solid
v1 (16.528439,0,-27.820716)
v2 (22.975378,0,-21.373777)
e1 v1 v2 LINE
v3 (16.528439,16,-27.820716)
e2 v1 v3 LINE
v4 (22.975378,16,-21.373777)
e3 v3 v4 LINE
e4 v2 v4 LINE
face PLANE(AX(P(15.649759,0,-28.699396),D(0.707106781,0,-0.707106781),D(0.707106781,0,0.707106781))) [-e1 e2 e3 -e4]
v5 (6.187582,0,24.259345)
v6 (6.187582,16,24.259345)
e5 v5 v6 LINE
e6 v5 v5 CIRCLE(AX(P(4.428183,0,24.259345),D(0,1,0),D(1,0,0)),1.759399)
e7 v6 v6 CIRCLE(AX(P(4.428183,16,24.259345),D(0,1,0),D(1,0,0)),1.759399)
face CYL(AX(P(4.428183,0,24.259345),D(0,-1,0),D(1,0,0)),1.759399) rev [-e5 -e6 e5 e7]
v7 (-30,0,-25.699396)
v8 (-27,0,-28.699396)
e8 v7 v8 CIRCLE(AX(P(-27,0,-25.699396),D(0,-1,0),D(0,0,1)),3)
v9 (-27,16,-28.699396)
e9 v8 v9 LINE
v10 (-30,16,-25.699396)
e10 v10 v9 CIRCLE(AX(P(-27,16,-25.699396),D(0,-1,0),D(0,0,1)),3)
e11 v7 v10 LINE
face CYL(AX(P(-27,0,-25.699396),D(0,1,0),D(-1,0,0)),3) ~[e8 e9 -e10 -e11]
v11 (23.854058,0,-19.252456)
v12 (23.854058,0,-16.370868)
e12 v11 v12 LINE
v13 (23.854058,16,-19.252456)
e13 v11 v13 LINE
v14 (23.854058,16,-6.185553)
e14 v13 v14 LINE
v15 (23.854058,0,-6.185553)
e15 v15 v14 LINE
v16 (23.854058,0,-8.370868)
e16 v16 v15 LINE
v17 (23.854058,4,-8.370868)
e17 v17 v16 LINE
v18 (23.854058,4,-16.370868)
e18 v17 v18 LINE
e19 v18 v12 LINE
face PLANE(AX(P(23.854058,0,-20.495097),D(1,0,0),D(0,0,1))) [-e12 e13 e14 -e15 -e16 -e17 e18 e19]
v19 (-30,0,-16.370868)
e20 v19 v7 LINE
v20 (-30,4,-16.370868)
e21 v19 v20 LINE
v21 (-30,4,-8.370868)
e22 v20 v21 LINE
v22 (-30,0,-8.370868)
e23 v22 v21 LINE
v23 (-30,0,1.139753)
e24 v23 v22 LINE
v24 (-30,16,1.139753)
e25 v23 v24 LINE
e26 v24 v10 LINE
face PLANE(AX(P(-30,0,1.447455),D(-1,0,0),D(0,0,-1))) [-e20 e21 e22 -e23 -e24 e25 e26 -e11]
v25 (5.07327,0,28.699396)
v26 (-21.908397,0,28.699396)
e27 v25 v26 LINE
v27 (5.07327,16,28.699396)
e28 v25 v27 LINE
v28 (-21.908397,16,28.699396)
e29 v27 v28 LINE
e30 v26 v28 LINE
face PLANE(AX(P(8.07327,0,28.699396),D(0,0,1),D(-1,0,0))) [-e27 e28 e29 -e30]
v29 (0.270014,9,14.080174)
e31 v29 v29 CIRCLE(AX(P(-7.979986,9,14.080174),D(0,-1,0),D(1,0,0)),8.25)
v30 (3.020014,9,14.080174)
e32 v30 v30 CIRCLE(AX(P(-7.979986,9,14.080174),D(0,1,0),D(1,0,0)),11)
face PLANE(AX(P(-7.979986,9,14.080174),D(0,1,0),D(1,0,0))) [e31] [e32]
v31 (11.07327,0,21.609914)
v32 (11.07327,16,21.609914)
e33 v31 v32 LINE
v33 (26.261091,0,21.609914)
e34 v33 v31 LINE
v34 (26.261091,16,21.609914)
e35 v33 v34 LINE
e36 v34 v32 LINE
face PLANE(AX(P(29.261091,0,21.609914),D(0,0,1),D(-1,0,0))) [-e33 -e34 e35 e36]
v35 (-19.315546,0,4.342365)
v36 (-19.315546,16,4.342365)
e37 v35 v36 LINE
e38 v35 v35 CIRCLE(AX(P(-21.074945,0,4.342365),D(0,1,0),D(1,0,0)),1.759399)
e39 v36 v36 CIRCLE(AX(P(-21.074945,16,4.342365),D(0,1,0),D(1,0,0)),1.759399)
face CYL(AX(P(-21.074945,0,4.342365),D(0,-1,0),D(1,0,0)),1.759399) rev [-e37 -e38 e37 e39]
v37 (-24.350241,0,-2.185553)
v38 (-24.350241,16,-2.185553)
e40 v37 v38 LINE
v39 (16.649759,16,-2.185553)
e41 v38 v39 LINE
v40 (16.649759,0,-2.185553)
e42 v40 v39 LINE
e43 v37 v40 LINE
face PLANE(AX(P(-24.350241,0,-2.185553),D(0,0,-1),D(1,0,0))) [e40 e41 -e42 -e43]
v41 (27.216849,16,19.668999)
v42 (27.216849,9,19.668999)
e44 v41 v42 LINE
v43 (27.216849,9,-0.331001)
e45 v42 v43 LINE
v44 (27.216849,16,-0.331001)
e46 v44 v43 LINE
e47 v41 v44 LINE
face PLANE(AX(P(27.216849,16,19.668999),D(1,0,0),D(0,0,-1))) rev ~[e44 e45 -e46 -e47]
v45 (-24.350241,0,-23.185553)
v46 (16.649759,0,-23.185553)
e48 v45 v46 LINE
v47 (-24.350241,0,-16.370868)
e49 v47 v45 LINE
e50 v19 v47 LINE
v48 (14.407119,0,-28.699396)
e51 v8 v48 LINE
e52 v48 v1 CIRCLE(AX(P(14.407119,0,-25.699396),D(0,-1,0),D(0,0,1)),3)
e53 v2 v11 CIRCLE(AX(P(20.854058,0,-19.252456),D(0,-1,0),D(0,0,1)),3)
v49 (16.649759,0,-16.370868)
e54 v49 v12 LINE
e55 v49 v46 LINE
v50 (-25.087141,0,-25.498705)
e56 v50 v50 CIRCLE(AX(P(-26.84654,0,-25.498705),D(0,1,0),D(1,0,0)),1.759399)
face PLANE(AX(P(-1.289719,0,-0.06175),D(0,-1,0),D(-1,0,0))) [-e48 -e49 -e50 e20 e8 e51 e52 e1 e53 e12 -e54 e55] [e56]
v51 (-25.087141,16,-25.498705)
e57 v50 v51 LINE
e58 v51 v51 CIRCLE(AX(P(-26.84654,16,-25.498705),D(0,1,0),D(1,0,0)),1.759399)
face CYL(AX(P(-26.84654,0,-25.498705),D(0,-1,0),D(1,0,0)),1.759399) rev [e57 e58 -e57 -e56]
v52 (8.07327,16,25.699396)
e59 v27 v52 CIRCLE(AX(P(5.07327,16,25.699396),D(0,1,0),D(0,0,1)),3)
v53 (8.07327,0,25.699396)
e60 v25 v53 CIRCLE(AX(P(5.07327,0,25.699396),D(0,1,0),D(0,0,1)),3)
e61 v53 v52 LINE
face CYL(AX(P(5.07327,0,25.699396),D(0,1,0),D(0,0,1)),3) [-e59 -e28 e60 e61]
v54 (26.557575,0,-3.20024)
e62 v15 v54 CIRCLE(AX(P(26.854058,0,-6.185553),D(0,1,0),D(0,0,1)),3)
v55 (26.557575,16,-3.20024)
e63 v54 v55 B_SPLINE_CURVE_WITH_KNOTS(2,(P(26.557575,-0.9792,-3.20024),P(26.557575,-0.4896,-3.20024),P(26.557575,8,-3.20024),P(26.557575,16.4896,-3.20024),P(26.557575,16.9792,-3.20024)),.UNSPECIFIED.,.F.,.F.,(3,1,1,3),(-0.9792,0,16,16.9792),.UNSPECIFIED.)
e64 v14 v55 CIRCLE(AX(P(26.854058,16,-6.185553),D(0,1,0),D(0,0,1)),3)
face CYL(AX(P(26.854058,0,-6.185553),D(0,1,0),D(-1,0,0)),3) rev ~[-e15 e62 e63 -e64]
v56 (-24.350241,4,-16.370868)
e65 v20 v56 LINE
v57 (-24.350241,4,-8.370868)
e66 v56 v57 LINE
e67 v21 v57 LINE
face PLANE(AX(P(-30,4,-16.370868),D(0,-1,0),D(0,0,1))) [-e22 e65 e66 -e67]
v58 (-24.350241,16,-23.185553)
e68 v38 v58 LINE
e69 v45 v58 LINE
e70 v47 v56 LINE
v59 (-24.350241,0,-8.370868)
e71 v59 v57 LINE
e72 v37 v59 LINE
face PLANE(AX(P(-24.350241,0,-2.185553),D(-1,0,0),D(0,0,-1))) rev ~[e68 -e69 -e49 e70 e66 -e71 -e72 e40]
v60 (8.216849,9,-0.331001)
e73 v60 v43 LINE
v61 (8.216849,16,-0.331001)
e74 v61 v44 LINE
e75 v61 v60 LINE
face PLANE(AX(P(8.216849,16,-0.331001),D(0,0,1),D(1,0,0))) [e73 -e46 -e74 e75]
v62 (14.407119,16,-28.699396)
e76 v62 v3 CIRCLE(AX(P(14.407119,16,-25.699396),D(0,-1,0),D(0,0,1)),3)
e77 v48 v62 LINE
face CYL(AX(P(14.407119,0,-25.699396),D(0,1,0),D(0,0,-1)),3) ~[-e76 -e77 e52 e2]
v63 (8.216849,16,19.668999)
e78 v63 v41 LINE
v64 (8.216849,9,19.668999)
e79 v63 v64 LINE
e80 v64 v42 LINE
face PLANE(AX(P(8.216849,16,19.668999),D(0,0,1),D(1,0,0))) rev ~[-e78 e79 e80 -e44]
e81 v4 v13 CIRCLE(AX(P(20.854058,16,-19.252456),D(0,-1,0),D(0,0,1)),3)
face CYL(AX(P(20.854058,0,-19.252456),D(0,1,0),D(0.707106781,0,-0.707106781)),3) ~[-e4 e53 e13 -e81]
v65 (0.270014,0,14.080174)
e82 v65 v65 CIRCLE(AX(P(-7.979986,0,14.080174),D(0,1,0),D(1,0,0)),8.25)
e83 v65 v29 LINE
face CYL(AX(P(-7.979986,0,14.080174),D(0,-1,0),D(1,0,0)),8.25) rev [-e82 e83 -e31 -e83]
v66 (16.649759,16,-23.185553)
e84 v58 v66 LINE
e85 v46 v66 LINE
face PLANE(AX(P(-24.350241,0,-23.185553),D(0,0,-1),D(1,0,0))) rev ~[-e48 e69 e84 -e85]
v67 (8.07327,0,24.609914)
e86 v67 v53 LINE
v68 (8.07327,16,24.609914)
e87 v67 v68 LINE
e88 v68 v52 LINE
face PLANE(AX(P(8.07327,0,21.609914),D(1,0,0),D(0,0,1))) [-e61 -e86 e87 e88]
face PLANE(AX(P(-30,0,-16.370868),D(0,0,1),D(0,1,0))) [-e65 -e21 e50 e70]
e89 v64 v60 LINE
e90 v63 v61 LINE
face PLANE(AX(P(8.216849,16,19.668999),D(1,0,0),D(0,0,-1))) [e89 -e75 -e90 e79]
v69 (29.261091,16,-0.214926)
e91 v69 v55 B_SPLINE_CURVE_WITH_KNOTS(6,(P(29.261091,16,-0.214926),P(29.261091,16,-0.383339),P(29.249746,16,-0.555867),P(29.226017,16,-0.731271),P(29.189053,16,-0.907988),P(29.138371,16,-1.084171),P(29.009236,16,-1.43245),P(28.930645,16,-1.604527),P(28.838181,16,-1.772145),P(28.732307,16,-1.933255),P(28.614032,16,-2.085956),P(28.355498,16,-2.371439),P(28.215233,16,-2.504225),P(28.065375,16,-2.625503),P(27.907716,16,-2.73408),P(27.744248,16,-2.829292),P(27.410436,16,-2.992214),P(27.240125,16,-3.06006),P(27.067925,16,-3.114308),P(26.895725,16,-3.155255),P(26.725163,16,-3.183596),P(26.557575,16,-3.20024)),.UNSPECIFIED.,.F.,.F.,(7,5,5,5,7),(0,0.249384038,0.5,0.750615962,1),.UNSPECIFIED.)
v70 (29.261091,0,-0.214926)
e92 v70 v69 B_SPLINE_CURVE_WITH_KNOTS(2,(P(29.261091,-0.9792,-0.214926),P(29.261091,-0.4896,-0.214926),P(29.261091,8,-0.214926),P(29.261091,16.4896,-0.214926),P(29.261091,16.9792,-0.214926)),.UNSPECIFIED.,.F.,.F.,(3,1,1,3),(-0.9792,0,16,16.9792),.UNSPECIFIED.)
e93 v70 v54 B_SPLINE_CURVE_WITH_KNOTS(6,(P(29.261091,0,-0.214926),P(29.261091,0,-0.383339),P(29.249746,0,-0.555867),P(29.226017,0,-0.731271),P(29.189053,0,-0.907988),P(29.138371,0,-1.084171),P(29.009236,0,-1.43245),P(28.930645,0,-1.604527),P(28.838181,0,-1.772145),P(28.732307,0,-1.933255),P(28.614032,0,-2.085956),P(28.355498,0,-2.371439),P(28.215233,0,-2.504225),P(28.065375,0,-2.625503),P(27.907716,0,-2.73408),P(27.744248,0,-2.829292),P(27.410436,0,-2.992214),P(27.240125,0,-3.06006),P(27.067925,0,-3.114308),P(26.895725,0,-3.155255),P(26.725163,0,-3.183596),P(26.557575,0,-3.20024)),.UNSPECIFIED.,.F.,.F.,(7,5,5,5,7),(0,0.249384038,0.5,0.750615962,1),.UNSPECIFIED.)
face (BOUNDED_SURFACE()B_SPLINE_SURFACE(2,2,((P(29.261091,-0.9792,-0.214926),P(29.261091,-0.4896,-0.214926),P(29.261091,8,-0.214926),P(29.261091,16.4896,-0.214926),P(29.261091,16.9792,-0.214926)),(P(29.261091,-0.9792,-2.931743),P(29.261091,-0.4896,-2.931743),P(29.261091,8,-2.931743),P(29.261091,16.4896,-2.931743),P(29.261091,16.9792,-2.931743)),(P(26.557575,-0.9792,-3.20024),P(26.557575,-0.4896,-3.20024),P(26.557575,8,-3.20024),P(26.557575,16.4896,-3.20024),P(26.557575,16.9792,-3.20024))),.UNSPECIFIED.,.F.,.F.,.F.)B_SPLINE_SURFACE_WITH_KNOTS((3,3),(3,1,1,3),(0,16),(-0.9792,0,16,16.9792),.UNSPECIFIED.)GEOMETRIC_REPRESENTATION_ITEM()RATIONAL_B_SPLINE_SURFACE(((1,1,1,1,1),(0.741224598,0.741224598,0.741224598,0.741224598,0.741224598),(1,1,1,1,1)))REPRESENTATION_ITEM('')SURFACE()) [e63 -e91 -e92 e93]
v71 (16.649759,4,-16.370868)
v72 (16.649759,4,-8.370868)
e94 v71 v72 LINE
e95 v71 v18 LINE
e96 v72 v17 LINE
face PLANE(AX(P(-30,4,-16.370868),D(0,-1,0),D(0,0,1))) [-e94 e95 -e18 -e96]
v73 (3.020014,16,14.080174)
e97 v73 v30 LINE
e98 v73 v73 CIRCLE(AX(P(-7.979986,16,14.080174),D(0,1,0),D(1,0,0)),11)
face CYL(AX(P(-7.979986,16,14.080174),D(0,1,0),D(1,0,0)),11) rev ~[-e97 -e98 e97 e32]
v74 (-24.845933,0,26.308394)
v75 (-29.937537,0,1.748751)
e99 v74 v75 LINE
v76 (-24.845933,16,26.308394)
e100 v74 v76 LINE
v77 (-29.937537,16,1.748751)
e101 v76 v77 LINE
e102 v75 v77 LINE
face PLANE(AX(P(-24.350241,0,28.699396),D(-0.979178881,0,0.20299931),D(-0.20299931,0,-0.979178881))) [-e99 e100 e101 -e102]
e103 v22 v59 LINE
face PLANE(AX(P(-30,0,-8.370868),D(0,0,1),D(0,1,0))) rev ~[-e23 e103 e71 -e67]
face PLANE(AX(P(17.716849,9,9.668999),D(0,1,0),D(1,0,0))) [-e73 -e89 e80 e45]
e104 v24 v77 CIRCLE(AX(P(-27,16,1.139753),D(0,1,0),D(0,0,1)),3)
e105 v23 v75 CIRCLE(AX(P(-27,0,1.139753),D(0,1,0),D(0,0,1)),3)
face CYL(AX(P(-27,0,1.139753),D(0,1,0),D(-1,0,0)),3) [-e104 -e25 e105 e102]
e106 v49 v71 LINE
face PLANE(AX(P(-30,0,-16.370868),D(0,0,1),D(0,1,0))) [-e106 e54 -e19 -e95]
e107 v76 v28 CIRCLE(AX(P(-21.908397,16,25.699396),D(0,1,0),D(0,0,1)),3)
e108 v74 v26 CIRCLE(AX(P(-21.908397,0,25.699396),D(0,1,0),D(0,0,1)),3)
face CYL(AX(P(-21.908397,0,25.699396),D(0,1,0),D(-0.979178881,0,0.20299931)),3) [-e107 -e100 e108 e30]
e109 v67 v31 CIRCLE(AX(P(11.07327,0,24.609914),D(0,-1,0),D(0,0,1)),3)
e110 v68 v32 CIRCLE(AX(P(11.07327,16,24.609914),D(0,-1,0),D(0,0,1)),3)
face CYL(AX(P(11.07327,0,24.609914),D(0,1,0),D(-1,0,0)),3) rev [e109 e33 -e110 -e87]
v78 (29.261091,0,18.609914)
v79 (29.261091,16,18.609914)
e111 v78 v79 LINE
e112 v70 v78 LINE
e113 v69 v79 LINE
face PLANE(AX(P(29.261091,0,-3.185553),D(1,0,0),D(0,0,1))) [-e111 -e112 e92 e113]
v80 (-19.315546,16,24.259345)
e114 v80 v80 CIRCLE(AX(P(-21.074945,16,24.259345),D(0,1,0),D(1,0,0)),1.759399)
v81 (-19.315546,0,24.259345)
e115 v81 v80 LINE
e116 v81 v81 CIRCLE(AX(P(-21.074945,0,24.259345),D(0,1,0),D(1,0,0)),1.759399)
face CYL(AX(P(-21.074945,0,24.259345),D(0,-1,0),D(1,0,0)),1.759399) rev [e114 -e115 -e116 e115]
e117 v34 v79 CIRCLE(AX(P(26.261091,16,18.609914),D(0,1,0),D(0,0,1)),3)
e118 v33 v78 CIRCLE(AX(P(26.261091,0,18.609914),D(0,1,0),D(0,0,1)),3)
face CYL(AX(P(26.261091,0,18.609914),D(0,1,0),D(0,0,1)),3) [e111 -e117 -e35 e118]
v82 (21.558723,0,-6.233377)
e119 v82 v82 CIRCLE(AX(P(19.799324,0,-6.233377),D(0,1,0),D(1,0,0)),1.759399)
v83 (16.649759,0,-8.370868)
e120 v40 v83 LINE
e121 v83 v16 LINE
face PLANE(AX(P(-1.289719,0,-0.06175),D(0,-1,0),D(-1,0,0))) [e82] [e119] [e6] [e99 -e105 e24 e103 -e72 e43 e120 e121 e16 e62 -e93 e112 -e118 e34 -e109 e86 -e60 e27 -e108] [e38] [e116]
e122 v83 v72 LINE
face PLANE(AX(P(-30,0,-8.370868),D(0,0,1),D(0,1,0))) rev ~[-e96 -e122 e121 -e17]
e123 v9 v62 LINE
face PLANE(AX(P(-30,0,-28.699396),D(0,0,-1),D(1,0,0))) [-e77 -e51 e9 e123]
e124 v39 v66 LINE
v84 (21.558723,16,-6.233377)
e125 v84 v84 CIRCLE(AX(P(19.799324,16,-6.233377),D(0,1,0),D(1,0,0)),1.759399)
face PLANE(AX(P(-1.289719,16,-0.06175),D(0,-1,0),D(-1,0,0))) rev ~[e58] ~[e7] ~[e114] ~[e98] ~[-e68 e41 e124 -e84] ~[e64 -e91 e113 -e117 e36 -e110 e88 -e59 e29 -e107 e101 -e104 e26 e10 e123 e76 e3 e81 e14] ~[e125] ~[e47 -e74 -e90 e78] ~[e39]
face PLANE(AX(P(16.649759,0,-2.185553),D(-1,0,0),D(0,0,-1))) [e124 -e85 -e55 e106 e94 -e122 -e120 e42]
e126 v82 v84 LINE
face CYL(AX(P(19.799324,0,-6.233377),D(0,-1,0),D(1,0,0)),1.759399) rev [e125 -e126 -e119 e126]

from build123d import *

# Parameters (mm, degrees)
ESBO_O1_R                = 8.25
ESBO_O1_R_2              = 1.759398981
ESBO_O1_W                = 41
ESBO_O1_H                = 21
RESSALTO_EXTRUS_O1_DEPTH = 16
ESBO_O2_R                = 11
ESBO_O2_W                = 19
ESBO_O2_H                = 20
CORTE_EXTRUS_O1_DEPTH    = 7
FILETE2_R                = 3
FILETE3_R                = 3
ESBO_O4_W                = 8
ESBO_O4_H                = 4
CORTE_EXTRUS_O2_DEPTH    = 60


with BuildPart() as part:
    # Esboço1 → Ressalto-extrusão1 (new body)
    with BuildSketch(Plane(origin=(0, 0, 0), x_dir=(1, 0, 0), z_dir=(0, 1, 0))):
        Polygon((-30, -1.447454982), (-30, 28.699395637), (15.649759457, 28.699395637), (23.854058099, 20.495096994), (23.854058099, 3.185553214), (29.26109124, 3.185553214), (29.26109124, -21.609914281), (8.073270411, -21.609914281), (8.073270411, -28.699395637), (-24.350240543, -28.699395637), align=None)
        with Locations((-7.979986437, -14.080173672)):
            Circle(ESBO_O1_R, mode=Mode.SUBTRACT)
        with Locations((-26.846540224, 25.498704653)):
            Circle(ESBO_O1_R_2, mode=Mode.SUBTRACT)
        with Locations((19.799323859, 6.233376584)):
            Circle(ESBO_O1_R_2, mode=Mode.SUBTRACT)
        with Locations((-21.074944534, -24.259345494)):
            Circle(ESBO_O1_R_2, mode=Mode.SUBTRACT)
        with Locations((4.428183177, -24.259345494)):
            Circle(ESBO_O1_R_2, mode=Mode.SUBTRACT)
        with Locations((-21.074944534, -4.342364945)):
            Circle(ESBO_O1_R_2, mode=Mode.SUBTRACT)
        with Locations((-3.850240543, 12.685553214)):
            Rectangle(ESBO_O1_W, ESBO_O1_H, mode=Mode.SUBTRACT)
    extrude(amount=RESSALTO_EXTRUS_O1_DEPTH)

    # Esboço2 → Corte-extrusão1 (cut)
    with BuildSketch(Plane(origin=(0, 16, 0), x_dir=(1, 0, 0), z_dir=(0, 1, 0))):
        with Locations((-7.979986437, -14.080173672)):
            Circle(ESBO_O2_R)
        with Locations((17.716848977, -9.668999278)):
            Rectangle(ESBO_O2_W, ESBO_O2_H)
    extrude(amount=-CORTE_EXTRUS_O1_DEPTH, mode=Mode.SUBTRACT)

    # Filete2
    filete2_edges = [part.edges().sort_by_distance(p)[0] for p in [
        (-30, 8, 1.447454982),
        (-30, 8, -28.699395637),
        (15.649759457, 8, -28.699395637),
        (23.854058099, 8, -20.495096994),
        (23.854058099, 8, -3.185553214),
        (8.073270411, 8, 28.699395637),
        (-24.350240543, 8, 28.699395637),
    ]]
    fillet(filete2_edges, radius=FILETE2_R)

    # Filete3
    filete3_edges = [part.edges().sort_by_distance(p)[0] for p in [
        (29.26109124, 8, -3.185553214),
        (8.073270411, 8, 21.609914281),
        (29.26109124, 8, 21.609914281),
    ]]
    fillet(filete3_edges, radius=FILETE3_R)

    # Esboço4 → Corte-extrusão2 (cut)
    with BuildSketch(Plane.ZY.offset(30)):
        with Locations((-12.370867745, 2)):
            Rectangle(ESBO_O4_W, ESBO_O4_H)
    extrude(amount=-CORTE_EXTRUS_O2_DEPTH, mode=Mode.SUBTRACT)


solid = part.part
